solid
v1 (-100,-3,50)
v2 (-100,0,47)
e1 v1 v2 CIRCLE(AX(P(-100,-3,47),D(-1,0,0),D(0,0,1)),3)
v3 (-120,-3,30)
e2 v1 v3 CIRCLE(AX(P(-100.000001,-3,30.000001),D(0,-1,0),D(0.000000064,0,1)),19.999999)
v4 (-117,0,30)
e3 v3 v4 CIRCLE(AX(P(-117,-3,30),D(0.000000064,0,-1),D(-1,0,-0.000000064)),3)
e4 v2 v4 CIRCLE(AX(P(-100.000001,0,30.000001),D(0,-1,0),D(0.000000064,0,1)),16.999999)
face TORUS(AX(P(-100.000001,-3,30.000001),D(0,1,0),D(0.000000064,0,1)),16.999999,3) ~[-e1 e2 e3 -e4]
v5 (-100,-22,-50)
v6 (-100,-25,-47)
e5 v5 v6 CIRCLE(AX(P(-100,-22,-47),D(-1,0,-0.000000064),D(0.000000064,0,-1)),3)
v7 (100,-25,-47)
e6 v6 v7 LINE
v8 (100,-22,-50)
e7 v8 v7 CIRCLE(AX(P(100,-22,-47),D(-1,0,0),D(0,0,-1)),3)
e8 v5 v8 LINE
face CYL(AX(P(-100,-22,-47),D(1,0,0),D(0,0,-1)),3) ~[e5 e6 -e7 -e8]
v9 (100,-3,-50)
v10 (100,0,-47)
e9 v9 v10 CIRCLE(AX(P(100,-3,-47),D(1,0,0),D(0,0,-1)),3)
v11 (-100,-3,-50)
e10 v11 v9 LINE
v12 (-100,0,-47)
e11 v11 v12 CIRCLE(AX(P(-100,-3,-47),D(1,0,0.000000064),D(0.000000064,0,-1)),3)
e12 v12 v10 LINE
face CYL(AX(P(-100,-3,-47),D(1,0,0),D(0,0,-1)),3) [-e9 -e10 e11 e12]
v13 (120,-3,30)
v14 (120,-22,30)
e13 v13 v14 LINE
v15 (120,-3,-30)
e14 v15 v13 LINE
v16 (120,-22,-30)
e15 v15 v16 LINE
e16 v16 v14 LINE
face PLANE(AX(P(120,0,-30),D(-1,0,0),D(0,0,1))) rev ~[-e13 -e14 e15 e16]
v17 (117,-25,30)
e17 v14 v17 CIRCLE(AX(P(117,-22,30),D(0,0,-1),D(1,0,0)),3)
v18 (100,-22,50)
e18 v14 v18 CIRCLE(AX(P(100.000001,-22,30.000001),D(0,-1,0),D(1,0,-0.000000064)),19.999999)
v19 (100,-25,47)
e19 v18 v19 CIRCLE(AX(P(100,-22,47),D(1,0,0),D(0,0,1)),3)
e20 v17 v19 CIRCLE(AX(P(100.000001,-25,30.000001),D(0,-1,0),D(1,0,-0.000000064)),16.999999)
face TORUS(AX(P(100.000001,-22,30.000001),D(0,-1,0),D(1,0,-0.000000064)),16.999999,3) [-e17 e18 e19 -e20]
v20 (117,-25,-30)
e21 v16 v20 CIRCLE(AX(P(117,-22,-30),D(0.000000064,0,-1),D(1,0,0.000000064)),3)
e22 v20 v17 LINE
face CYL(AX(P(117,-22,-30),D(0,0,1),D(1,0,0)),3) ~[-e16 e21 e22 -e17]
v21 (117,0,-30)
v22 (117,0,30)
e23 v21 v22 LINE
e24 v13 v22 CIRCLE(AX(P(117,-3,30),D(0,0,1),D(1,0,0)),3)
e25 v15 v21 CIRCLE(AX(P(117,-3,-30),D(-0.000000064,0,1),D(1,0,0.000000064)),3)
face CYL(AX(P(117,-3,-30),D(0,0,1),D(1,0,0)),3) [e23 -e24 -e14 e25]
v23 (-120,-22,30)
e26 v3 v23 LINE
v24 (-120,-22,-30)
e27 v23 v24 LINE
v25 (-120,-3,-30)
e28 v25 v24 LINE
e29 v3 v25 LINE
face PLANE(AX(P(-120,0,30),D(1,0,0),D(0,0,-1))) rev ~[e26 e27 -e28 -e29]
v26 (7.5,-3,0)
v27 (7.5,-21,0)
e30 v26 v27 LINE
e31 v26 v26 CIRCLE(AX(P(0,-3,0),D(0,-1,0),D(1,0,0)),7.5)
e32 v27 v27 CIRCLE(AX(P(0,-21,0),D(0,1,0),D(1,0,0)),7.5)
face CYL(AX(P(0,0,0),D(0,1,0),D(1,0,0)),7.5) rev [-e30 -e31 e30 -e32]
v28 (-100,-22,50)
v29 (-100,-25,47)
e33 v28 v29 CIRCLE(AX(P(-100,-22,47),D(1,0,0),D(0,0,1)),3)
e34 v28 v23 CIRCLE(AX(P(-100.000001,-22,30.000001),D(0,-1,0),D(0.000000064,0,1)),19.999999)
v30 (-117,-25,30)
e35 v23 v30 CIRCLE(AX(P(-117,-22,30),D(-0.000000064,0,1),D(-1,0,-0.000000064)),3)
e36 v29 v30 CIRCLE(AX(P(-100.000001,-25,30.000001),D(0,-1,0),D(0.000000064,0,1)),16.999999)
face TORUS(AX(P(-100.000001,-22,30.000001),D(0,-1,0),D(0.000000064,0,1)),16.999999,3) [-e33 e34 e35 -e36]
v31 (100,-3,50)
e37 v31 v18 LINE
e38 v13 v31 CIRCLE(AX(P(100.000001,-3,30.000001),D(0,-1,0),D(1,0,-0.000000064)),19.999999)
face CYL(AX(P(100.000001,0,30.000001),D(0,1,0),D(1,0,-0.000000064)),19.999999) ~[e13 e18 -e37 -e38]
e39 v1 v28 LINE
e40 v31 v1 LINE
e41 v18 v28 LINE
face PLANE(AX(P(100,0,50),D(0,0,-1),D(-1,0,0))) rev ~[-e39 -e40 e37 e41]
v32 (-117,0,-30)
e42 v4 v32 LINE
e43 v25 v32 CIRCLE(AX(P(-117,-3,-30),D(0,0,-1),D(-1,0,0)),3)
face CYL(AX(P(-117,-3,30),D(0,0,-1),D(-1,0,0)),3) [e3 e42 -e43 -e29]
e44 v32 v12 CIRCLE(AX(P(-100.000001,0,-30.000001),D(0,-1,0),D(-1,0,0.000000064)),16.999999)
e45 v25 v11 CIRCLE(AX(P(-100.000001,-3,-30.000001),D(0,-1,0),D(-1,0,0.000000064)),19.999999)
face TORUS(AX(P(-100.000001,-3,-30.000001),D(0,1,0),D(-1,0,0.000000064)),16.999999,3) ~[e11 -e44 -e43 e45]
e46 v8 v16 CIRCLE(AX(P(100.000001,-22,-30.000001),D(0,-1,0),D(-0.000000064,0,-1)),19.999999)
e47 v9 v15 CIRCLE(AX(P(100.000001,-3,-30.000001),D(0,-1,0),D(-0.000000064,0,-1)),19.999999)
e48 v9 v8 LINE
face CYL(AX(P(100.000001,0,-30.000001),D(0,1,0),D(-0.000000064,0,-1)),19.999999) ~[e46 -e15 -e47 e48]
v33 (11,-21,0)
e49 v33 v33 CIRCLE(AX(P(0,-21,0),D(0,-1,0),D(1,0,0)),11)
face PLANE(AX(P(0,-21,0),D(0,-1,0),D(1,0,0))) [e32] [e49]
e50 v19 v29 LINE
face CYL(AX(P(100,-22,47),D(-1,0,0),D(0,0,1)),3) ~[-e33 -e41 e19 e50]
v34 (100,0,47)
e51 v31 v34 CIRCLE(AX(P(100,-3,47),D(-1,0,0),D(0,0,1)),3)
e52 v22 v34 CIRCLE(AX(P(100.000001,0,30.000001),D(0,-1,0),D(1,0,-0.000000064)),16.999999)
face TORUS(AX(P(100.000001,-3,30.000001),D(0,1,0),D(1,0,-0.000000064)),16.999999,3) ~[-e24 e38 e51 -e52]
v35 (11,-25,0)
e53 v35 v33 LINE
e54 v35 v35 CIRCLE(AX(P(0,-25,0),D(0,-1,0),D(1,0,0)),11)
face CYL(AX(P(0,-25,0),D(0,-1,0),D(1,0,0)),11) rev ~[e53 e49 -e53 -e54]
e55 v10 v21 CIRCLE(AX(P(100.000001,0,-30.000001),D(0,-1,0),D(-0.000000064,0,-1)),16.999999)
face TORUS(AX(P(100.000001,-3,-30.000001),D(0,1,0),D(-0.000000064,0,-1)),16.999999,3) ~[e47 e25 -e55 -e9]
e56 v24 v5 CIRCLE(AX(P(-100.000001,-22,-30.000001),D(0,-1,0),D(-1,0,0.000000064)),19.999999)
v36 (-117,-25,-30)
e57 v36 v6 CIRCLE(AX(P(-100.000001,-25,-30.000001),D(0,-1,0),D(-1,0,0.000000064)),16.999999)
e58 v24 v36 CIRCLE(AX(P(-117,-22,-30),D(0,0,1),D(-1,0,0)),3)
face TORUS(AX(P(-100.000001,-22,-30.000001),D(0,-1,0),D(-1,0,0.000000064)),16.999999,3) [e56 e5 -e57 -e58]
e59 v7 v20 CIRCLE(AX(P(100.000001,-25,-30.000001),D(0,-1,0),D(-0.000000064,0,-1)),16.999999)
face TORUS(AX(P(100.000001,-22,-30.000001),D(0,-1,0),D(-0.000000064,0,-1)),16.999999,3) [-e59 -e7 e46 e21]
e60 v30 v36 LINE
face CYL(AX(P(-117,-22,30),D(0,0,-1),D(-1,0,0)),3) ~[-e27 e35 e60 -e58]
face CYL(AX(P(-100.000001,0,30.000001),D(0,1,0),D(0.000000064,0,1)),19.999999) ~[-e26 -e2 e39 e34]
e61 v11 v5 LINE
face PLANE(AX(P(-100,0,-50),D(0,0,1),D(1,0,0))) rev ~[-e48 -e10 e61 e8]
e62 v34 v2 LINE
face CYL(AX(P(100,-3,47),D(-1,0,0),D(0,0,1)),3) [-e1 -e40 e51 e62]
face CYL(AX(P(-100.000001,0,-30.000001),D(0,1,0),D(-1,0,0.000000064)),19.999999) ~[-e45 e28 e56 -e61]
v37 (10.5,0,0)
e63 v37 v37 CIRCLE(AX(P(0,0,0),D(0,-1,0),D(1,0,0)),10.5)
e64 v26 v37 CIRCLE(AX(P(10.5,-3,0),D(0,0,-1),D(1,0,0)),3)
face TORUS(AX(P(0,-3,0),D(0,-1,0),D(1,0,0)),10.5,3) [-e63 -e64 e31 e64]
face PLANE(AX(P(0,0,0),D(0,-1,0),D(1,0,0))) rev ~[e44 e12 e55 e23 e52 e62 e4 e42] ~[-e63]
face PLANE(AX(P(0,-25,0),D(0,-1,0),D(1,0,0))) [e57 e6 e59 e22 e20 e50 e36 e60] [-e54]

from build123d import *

# Parameters (mm, degrees)
F0_R     = 7.5
F1_DEPTH = 25
F2_R     = 3
F3_R     = 11
F4_DEPTH = 4


with BuildPart() as f1:
    # F0 (on Front) → F1 (new body)
    with BuildSketch(Plane.XZ):
        with BuildLine():
            Line((100, 50), (-100, 50))
            ThreePointArc((-100, 50), (-114.142136, 44.142136), (-120, 30))
            Line((-120, 30), (-120, -30))
            ThreePointArc((-120, -30), (-114.142136, -44.142136), (-100, -50))
            Line((-100, -50), (100, -50))
            ThreePointArc((100, -50), (114.142136, -44.142136), (120, -30))
            Line((120, -30), (120, 30))
            ThreePointArc((120, 30), (114.142136, 44.142136), (100, 50))
        make_face()
        Circle(F0_R, mode=Mode.SUBTRACT)
    extrude(amount=F1_DEPTH)

    # F2
    f2_edges = [f1.edges().sort_by_distance(p)[0] for p in [
        (0, -25, 50),
        (0, 0, 50),
        (-114.142136, 0, 44.142136),
        (-120, 0, 0),
        (-114.142136, 0, -44.142136),
        (0, 0, -50),
        (114.142136, 0, -44.142136),
        (120, 0, 0),
        (114.142136, 0, 44.142136),
        (-7.5, 0, 0),
    ]]
    fillet(f2_edges, radius=F2_R)

    # F3 (on face) → F4 (cut)
    with BuildSketch(Plane.XZ.offset(25)):
        Circle(F3_R)
    extrude(amount=-F4_DEPTH, mode=Mode.SUBTRACT)


solid = f1.part
